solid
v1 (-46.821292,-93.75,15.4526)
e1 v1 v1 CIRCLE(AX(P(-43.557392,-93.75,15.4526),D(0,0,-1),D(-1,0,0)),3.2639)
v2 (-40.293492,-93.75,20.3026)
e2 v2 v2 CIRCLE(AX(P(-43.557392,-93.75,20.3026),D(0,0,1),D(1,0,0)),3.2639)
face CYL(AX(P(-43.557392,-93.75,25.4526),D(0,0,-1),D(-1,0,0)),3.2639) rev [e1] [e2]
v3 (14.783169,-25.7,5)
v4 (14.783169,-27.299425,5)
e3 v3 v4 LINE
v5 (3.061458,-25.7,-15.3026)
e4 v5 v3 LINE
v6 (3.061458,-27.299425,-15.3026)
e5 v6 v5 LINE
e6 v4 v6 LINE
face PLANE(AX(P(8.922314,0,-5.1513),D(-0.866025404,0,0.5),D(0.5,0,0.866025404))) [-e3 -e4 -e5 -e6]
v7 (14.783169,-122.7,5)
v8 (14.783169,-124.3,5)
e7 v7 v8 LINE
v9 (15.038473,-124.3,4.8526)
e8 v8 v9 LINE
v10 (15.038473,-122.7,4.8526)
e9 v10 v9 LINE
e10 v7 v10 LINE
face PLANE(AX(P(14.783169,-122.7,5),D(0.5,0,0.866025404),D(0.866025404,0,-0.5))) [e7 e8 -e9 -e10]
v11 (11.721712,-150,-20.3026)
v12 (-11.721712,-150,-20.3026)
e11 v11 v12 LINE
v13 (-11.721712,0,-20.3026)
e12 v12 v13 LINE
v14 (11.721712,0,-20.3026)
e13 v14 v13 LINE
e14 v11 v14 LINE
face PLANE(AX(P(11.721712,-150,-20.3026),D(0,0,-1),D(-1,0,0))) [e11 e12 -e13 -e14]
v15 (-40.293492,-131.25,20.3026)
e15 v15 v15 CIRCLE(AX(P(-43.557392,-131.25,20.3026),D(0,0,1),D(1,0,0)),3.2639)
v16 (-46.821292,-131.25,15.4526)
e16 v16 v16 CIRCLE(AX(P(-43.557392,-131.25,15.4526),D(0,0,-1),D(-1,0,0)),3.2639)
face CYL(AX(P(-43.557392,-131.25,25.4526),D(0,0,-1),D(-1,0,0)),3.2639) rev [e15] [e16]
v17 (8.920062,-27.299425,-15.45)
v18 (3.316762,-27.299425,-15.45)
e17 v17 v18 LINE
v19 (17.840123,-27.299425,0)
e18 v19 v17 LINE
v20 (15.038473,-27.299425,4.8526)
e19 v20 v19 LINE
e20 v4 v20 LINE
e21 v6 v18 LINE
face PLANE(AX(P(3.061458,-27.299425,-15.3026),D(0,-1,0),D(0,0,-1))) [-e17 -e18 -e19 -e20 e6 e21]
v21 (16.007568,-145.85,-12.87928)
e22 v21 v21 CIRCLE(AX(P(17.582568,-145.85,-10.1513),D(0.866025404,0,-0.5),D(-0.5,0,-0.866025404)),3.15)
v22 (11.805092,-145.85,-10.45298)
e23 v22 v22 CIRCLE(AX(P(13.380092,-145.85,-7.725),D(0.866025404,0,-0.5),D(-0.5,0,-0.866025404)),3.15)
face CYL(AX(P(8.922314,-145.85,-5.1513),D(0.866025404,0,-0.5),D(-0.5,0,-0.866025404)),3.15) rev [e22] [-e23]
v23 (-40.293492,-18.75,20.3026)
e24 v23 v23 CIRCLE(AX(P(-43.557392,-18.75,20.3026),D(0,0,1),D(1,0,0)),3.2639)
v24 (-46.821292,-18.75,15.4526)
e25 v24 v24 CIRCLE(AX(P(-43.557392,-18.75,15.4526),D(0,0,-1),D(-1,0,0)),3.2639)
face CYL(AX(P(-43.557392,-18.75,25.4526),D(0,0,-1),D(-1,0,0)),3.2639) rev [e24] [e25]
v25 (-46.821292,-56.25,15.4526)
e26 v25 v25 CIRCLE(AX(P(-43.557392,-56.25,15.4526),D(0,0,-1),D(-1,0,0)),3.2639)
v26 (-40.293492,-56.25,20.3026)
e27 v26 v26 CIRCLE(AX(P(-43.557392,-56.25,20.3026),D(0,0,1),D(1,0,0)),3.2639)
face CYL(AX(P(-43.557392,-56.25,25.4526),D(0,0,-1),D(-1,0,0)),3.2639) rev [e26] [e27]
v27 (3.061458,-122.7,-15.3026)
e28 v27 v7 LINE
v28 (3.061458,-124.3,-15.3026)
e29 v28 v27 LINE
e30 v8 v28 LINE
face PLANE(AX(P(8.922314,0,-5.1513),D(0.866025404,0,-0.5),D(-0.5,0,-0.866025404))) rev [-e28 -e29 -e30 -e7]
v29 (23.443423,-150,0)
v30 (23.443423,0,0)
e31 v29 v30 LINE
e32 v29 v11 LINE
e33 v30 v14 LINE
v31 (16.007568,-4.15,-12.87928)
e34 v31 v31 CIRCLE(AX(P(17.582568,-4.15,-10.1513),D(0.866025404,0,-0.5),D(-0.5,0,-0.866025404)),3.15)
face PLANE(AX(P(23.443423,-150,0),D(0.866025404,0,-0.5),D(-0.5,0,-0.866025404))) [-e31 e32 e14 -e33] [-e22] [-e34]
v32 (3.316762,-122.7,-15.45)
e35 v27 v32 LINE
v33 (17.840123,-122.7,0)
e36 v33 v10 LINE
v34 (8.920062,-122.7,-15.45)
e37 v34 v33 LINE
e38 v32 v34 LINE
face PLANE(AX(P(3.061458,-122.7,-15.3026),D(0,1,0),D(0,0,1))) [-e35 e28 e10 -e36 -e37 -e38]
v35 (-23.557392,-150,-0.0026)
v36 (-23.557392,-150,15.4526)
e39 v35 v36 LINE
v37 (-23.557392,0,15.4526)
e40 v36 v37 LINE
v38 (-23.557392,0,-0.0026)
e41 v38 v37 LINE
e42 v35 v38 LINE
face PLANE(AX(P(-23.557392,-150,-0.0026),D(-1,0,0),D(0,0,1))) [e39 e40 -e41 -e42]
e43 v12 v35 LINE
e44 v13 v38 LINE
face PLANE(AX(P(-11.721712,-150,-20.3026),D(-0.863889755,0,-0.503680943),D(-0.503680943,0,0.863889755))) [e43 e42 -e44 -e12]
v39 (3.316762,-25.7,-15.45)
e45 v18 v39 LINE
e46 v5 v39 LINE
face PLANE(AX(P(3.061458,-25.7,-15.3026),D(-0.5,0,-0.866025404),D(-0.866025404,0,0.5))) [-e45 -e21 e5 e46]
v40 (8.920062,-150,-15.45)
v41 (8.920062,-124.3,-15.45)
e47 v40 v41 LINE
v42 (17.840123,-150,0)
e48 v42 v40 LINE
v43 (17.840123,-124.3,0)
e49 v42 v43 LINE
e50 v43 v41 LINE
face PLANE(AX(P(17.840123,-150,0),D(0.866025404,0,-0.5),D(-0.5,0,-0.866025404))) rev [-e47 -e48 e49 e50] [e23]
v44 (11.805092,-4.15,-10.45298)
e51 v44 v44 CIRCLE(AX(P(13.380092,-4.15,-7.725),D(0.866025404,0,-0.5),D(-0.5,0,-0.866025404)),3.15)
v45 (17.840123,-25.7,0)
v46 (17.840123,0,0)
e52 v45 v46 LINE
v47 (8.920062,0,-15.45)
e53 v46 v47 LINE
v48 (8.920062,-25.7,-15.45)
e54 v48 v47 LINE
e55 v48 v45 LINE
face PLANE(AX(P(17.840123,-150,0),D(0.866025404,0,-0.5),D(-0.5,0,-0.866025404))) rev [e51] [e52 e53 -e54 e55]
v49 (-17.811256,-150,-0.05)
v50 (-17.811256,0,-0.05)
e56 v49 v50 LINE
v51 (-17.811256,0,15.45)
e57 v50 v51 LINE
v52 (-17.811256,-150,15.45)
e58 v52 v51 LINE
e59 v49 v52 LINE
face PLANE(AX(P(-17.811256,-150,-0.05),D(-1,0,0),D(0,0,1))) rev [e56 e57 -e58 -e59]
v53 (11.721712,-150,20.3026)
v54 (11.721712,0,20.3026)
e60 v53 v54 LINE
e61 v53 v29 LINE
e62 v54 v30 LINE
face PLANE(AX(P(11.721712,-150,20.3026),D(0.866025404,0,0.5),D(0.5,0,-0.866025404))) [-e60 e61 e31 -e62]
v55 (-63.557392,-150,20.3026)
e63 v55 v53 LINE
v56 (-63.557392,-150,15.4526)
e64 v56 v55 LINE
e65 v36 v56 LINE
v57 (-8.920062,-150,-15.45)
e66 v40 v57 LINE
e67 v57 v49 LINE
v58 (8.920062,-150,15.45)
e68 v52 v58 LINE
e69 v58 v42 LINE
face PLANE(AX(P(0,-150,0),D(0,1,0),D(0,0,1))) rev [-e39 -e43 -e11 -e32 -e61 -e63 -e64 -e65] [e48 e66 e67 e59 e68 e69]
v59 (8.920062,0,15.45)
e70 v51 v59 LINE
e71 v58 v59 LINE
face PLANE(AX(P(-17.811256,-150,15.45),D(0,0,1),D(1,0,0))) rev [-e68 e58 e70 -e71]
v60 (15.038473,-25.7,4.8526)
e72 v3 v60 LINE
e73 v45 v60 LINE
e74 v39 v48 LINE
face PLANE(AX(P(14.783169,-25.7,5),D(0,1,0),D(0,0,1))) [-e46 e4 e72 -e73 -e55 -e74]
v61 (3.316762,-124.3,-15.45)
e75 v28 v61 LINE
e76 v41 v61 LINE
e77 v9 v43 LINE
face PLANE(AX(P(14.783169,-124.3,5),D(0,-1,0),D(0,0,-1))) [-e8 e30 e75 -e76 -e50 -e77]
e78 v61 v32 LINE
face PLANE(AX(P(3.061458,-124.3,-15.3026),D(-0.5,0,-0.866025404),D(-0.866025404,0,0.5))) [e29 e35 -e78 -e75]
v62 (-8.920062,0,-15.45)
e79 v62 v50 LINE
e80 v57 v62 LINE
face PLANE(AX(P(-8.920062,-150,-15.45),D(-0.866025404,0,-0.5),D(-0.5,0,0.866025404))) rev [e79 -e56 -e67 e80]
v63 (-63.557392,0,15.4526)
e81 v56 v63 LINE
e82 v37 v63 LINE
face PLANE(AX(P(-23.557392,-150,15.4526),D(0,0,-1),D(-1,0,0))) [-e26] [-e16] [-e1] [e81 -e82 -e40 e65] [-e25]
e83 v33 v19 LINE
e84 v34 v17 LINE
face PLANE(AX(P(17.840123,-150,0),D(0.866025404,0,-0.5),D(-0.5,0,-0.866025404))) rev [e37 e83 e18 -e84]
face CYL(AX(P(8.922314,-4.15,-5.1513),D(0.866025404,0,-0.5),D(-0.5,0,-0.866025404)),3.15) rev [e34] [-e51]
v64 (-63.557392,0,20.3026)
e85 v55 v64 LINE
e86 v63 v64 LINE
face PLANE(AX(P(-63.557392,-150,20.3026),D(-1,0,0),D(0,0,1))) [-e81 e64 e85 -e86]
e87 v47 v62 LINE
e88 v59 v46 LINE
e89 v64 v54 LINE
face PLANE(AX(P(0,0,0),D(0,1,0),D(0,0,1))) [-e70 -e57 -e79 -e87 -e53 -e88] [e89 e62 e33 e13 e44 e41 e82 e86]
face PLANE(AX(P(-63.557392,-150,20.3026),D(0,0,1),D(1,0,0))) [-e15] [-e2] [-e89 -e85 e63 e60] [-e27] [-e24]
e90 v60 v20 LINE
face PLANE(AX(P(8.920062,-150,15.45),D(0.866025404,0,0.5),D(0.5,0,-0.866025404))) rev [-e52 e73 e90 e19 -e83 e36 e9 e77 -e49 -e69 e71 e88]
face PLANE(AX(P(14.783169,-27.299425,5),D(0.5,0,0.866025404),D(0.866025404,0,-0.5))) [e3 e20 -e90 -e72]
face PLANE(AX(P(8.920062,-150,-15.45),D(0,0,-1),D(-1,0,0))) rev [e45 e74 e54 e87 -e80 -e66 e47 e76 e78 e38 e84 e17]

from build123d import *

# Parameters (mm, degrees)
BOSS_EXTRUDE3_DEPTH = 150
SKETCH5_R           = 3.2639
CUT_EXTRUDE1_DEPTH  = 10
SKETCH6_R           = 3.15
CUT_EXTRUDE3_DEPTH  = 10
SKETCH7_W           = 23.443423468
SKETCH7_H           = 1.599424748
SKETCH7_H_2         = 1.6
BOSS_EXTRUDE4_DEPTH = 10


with BuildPart() as part:
    # Sketch4 → Boss-Extrude3 (new body)
    with BuildSketch(Plane(origin=(0, 0, 0), x_dir=(1, 0, 0), z_dir=(0, 1, 0))):
        Polygon((-23.557392252, 0.002600275), (-23.557392252, -15.452600275), (-63.557392252, -15.452600275), (-63.557392252, -20.302600275), (11.721711734, -20.302600275), (23.443423468, 0), (11.721711734, 20.302600275), (-11.721711734, 20.302600275), align=None)
        Polygon((-17.811255804, 0.05), (-17.811255804, -15.45), (8.920061659, -15.45), (17.840123318, 0), (8.920061659, 15.45), (-8.920061659, 15.45), align=None, mode=Mode.SUBTRACT)
    extrude(amount=-BOSS_EXTRUDE3_DEPTH)

    # Sketch5 → Cut-Extrude1 (cut)
    with BuildSketch(Plane(origin=(0, 0, 15.452600275), x_dir=(-1, 0, 0), z_dir=(0, 0, -1))):
        with Locations((43.557392252, -131.25)):
            Circle(SKETCH5_R)
        with Locations((43.557392252, -93.75)):
            Circle(SKETCH5_R)
        with Locations((43.557392252, -56.25)):
            Circle(SKETCH5_R)
        with Locations((43.557392252, -18.75)):
            Circle(SKETCH5_R)
    extrude(amount=-CUT_EXTRUDE1_DEPTH, mode=Mode.SUBTRACT)

    # Sketch6 → Cut-Extrude3 (cut)
    with BuildSketch(Plane(origin=(17.582567601, 0, -10.151300137), x_dir=(-0.4999999999999999, 0, -0.8660254037844387), z_dir=(0.8660254037844387, 0, -0.4999999999999999))):
        with Locations((0, -4.15)):
            Circle(SKETCH6_R)
        with Locations((0, -145.85)):
            Circle(SKETCH6_R)
    extrude(amount=-CUT_EXTRUDE3_DEPTH, mode=Mode.SUBTRACT)

    # Sketch7 → Boss-Extrude4 (add)
    with BuildSketch(Plane(origin=(17.582567601, 0, -10.151300137), x_dir=(-0.4999999999999999, 0, -0.8660254037844387), z_dir=(0.8660254037844387, 0, -0.4999999999999999))):
        with Locations((0, -26.499712374)):
            Rectangle(SKETCH7_W, SKETCH7_H)
        with Locations((0, -123.5)):
            Rectangle(SKETCH7_W, SKETCH7_H_2)
    extrude(amount=-BOSS_EXTRUDE4_DEPTH)


solid = part.part
